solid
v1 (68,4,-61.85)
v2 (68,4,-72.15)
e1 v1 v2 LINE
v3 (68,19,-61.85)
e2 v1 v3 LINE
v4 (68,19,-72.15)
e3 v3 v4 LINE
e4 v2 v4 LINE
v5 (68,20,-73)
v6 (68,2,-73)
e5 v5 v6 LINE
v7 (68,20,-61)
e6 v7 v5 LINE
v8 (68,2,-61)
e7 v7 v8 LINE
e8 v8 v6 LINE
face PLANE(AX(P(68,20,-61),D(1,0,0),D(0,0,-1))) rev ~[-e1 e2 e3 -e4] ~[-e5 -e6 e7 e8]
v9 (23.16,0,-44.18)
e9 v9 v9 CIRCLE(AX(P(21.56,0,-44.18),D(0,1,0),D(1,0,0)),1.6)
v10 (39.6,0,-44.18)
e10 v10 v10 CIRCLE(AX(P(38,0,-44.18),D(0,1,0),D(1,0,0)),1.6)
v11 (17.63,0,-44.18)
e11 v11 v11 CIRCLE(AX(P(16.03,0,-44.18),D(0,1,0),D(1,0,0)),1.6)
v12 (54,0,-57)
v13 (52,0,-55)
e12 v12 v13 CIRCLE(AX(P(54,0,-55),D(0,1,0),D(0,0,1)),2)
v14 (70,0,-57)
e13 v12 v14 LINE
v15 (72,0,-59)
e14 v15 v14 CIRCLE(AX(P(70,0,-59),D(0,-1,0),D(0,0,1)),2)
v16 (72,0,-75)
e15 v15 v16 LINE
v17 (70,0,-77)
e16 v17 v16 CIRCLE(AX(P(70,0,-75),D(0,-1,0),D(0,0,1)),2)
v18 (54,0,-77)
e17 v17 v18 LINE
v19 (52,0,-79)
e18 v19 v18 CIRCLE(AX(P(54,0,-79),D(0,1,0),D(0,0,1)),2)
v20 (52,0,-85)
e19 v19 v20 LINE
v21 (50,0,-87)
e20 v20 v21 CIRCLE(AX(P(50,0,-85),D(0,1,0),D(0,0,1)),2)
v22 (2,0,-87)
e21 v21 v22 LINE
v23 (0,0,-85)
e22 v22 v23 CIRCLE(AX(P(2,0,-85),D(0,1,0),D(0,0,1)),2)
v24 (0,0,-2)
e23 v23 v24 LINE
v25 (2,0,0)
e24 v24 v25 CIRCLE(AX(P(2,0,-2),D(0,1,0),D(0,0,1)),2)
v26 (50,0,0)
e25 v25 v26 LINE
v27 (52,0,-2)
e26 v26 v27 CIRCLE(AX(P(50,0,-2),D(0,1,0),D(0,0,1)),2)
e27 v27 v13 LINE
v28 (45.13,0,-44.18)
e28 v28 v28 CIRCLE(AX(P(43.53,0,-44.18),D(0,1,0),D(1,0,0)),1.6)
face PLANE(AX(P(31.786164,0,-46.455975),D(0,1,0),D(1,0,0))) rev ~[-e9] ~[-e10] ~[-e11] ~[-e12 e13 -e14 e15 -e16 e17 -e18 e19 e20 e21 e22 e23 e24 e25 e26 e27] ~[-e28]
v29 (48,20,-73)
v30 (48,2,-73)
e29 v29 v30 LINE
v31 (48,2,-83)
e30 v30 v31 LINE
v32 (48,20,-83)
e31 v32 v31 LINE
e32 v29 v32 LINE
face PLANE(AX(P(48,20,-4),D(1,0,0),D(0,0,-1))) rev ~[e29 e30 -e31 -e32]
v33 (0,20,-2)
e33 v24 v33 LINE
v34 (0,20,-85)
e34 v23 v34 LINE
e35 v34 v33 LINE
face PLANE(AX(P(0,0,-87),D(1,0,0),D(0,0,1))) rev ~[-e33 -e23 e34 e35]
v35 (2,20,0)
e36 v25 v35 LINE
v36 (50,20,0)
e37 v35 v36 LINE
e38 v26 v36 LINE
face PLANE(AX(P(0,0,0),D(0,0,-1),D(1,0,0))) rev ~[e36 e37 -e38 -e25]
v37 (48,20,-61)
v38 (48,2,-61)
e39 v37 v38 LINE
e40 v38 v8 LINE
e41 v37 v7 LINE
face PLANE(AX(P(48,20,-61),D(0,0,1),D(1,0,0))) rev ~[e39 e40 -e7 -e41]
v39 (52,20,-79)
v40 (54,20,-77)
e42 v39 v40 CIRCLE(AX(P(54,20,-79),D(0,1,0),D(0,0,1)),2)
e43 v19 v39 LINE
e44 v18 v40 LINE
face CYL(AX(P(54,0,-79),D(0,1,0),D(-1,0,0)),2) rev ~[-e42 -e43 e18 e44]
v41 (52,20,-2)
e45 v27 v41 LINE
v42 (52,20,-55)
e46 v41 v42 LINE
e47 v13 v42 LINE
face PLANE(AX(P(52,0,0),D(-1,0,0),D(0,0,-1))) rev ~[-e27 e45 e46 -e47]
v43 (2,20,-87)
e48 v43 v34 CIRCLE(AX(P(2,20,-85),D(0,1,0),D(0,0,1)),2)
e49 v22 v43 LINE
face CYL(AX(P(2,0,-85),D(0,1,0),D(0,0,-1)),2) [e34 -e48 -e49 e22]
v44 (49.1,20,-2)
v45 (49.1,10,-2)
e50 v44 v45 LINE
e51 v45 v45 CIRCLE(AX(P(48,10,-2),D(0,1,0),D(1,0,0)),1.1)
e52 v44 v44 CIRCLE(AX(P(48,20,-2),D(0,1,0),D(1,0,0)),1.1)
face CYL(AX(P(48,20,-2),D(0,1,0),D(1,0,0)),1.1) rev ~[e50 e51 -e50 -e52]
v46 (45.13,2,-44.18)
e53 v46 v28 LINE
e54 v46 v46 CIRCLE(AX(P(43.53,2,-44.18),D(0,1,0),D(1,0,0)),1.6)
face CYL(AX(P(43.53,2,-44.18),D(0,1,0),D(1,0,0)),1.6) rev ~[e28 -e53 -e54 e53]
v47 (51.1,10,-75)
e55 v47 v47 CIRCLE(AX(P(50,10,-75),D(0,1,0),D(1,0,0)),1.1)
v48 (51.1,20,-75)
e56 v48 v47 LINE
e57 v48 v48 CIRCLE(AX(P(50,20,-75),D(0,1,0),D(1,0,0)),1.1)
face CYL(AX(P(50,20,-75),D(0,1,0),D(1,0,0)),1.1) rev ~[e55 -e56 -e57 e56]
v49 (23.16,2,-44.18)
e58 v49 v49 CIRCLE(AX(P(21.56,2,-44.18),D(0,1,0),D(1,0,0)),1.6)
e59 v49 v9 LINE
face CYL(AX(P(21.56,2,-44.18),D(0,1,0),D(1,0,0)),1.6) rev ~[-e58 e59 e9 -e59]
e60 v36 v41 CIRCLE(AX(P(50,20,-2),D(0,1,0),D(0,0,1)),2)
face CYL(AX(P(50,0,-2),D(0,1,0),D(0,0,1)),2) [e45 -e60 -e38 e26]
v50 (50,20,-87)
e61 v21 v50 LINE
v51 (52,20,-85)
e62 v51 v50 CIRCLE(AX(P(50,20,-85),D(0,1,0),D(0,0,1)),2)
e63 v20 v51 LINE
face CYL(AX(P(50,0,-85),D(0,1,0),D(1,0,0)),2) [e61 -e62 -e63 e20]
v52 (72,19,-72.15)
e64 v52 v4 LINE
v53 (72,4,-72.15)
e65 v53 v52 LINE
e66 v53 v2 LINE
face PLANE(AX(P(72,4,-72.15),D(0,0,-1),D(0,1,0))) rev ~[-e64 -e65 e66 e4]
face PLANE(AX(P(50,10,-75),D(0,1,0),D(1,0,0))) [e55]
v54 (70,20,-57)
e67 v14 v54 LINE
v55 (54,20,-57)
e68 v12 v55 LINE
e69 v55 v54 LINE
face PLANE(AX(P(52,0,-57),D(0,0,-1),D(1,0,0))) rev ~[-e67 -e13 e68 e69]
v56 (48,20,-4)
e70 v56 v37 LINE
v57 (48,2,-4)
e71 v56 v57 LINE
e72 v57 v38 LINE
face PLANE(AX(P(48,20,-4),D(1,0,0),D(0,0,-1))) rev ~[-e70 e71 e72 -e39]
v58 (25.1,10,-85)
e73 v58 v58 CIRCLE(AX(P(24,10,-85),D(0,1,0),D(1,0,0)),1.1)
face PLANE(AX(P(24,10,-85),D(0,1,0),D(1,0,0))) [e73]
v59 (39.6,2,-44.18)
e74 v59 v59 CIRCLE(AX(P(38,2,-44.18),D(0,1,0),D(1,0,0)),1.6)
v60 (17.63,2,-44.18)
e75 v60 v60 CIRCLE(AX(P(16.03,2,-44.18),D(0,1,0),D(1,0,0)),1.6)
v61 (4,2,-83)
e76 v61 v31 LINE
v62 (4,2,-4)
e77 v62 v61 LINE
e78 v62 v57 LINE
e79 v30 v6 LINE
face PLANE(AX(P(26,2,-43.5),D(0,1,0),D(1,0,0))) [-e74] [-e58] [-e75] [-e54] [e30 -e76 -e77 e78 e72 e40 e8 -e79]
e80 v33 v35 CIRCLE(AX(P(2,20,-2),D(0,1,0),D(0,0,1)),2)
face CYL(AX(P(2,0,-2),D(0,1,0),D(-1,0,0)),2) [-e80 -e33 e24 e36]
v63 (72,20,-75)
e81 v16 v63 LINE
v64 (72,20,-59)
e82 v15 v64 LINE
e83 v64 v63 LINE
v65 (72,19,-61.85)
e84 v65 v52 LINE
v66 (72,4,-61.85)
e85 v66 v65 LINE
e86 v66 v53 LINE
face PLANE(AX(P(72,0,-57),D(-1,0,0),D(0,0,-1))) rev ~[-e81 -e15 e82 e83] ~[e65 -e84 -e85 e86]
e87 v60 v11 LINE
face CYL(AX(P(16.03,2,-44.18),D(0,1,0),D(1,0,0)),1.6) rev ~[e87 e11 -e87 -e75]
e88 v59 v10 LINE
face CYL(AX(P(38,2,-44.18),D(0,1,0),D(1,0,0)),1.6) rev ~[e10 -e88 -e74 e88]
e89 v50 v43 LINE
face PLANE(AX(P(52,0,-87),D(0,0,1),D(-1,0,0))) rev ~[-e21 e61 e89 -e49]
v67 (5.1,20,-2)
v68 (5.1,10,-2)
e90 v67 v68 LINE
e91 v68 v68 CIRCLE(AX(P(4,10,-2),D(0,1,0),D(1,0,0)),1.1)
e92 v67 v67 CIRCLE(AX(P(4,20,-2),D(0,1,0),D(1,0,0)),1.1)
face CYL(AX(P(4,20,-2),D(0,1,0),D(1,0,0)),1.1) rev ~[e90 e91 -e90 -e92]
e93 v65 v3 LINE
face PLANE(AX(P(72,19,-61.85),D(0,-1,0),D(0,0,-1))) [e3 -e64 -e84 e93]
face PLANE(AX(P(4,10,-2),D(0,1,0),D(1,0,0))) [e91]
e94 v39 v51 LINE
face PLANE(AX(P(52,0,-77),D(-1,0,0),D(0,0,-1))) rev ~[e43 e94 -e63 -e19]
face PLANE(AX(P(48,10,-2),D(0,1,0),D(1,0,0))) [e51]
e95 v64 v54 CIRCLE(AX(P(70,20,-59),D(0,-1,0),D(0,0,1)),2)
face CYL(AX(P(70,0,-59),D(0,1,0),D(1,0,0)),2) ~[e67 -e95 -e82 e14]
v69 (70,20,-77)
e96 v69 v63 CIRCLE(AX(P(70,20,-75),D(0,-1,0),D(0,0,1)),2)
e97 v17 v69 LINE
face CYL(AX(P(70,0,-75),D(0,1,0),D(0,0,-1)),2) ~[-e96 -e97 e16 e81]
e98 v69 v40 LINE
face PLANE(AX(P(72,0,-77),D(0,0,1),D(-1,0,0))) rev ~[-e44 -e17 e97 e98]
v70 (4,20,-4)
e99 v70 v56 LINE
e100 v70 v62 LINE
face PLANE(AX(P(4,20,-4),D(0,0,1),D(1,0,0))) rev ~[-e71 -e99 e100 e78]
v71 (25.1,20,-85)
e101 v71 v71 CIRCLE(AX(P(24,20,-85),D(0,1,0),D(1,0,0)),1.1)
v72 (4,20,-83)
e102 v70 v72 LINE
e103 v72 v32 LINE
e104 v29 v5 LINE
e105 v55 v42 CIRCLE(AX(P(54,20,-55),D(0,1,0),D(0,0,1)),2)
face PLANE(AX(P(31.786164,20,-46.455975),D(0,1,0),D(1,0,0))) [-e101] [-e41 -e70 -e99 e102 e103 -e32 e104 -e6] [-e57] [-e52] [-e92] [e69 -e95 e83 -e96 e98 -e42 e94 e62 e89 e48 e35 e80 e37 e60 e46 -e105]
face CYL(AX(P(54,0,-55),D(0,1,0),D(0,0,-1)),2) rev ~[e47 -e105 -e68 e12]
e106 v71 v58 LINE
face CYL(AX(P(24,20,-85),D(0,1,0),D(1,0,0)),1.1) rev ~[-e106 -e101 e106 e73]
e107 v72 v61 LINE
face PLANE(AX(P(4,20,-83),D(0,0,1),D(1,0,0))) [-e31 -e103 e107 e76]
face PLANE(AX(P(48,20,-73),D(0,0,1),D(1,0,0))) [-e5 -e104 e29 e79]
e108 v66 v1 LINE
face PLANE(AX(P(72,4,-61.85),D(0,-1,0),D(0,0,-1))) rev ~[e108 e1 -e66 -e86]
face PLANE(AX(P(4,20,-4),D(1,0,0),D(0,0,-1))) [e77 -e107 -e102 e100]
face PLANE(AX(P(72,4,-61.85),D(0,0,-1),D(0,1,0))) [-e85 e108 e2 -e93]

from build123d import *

# Parameters (mm, degrees)
BOSS_EXTRUDE1_DEPTH = 20
SKETCH2_W           = 44
SKETCH2_H           = 79
BATTERY_CUT_DEPTH   = 18
SKETCH3_W           = 20
SKETCH3_H           = 12
CUT_EXTRUDE2_DEPTH  = 18
SKETCH4_R           = 1.1
NUT_HOLES_DEPTH     = 10
SKETCH5_W           = 10.3
SKETCH5_H           = 15
CUT_EXTRUDE4_DEPTH  = 5
SKETCH6_R           = 1.6
CUT_EXTRUDE5_DEPTH  = 6
FILLET1_R           = 2


with BuildPart() as part:
    # Sketch1 → Boss-Extrude1 (new body)
    with BuildSketch(Plane(origin=(0, 0, 0), x_dir=(1, 0, 0), z_dir=(0, 1, 0))):
        Polygon((52, 77), (52, 87), (0, 87), (0, 0), (52, 0), (52, 57), (72, 57), (72, 77), align=None)
    extrude(amount=BOSS_EXTRUDE1_DEPTH)

    # Sketch2 → battery cut (cut)
    with BuildSketch(Plane(origin=(0, 20, 0), x_dir=(1, 0, 0), z_dir=(0, 1, 0))):
        with Locations((26, 43.5)):
            Rectangle(SKETCH2_W, SKETCH2_H)
    extrude(amount=-BATTERY_CUT_DEPTH, mode=Mode.SUBTRACT)

    # Sketch3 → Cut-Extrude2 (cut)
    with BuildSketch(Plane(origin=(0, 20, 0), x_dir=(1, 0, 0), z_dir=(0, 1, 0))):
        with Locations((58, 67)):
            Rectangle(SKETCH3_W, SKETCH3_H)
    extrude(amount=-CUT_EXTRUDE2_DEPTH, mode=Mode.SUBTRACT)

    # Sketch4 → nut holes (cut)
    with BuildSketch(Plane(origin=(0, 20, 0), x_dir=(1, 0, 0), z_dir=(0, 1, 0))):
        with Locations((4, 2)):
            Circle(SKETCH4_R)
        with Locations((48, 2)):
            Circle(SKETCH4_R)
        with Locations((24, 85)):
            Circle(SKETCH4_R)
        with Locations((50, 75)):
            Circle(SKETCH4_R)
    extrude(amount=-NUT_HOLES_DEPTH, mode=Mode.SUBTRACT)

    # Sketch5 → Cut-Extrude4 (cut)
    with BuildSketch(Plane(origin=(72, 0, 0), x_dir=(0, 0, -1), z_dir=(1, 0, 0))):
        with Locations((67, 11.5)):
            Rectangle(SKETCH5_W, SKETCH5_H)
    extrude(amount=-CUT_EXTRUDE4_DEPTH, mode=Mode.SUBTRACT)

    # Sketch6 → Cut-Extrude5 (cut)
    with BuildSketch(Plane(origin=(0, 2, 0), x_dir=(1, 0, 0), z_dir=(0, 1, 0))):
        with Locations((21.56, 44.18)):
            Circle(SKETCH6_R)
        with Locations((43.53, 44.18)):
            Circle(SKETCH6_R)
        with Locations((38, 44.18)):
            Circle(SKETCH6_R)
        with Locations((16.03, 44.18)):
            Circle(SKETCH6_R)
    extrude(amount=-CUT_EXTRUDE5_DEPTH, mode=Mode.SUBTRACT)

    # Fillet1
    fillet1_edges = [part.edges().sort_by_distance(p)[0] for p in [
        (0, 10, -87),
        (52, 10, -87),
        (52, 10, -77),
        (72, 10, -77),
        (72, 10, -57),
        (52, 10, -57),
        (52, 10, 0),
        (0, 10, 0),
    ]]
    fillet(fillet1_edges, radius=FILLET1_R)


solid = part.part
